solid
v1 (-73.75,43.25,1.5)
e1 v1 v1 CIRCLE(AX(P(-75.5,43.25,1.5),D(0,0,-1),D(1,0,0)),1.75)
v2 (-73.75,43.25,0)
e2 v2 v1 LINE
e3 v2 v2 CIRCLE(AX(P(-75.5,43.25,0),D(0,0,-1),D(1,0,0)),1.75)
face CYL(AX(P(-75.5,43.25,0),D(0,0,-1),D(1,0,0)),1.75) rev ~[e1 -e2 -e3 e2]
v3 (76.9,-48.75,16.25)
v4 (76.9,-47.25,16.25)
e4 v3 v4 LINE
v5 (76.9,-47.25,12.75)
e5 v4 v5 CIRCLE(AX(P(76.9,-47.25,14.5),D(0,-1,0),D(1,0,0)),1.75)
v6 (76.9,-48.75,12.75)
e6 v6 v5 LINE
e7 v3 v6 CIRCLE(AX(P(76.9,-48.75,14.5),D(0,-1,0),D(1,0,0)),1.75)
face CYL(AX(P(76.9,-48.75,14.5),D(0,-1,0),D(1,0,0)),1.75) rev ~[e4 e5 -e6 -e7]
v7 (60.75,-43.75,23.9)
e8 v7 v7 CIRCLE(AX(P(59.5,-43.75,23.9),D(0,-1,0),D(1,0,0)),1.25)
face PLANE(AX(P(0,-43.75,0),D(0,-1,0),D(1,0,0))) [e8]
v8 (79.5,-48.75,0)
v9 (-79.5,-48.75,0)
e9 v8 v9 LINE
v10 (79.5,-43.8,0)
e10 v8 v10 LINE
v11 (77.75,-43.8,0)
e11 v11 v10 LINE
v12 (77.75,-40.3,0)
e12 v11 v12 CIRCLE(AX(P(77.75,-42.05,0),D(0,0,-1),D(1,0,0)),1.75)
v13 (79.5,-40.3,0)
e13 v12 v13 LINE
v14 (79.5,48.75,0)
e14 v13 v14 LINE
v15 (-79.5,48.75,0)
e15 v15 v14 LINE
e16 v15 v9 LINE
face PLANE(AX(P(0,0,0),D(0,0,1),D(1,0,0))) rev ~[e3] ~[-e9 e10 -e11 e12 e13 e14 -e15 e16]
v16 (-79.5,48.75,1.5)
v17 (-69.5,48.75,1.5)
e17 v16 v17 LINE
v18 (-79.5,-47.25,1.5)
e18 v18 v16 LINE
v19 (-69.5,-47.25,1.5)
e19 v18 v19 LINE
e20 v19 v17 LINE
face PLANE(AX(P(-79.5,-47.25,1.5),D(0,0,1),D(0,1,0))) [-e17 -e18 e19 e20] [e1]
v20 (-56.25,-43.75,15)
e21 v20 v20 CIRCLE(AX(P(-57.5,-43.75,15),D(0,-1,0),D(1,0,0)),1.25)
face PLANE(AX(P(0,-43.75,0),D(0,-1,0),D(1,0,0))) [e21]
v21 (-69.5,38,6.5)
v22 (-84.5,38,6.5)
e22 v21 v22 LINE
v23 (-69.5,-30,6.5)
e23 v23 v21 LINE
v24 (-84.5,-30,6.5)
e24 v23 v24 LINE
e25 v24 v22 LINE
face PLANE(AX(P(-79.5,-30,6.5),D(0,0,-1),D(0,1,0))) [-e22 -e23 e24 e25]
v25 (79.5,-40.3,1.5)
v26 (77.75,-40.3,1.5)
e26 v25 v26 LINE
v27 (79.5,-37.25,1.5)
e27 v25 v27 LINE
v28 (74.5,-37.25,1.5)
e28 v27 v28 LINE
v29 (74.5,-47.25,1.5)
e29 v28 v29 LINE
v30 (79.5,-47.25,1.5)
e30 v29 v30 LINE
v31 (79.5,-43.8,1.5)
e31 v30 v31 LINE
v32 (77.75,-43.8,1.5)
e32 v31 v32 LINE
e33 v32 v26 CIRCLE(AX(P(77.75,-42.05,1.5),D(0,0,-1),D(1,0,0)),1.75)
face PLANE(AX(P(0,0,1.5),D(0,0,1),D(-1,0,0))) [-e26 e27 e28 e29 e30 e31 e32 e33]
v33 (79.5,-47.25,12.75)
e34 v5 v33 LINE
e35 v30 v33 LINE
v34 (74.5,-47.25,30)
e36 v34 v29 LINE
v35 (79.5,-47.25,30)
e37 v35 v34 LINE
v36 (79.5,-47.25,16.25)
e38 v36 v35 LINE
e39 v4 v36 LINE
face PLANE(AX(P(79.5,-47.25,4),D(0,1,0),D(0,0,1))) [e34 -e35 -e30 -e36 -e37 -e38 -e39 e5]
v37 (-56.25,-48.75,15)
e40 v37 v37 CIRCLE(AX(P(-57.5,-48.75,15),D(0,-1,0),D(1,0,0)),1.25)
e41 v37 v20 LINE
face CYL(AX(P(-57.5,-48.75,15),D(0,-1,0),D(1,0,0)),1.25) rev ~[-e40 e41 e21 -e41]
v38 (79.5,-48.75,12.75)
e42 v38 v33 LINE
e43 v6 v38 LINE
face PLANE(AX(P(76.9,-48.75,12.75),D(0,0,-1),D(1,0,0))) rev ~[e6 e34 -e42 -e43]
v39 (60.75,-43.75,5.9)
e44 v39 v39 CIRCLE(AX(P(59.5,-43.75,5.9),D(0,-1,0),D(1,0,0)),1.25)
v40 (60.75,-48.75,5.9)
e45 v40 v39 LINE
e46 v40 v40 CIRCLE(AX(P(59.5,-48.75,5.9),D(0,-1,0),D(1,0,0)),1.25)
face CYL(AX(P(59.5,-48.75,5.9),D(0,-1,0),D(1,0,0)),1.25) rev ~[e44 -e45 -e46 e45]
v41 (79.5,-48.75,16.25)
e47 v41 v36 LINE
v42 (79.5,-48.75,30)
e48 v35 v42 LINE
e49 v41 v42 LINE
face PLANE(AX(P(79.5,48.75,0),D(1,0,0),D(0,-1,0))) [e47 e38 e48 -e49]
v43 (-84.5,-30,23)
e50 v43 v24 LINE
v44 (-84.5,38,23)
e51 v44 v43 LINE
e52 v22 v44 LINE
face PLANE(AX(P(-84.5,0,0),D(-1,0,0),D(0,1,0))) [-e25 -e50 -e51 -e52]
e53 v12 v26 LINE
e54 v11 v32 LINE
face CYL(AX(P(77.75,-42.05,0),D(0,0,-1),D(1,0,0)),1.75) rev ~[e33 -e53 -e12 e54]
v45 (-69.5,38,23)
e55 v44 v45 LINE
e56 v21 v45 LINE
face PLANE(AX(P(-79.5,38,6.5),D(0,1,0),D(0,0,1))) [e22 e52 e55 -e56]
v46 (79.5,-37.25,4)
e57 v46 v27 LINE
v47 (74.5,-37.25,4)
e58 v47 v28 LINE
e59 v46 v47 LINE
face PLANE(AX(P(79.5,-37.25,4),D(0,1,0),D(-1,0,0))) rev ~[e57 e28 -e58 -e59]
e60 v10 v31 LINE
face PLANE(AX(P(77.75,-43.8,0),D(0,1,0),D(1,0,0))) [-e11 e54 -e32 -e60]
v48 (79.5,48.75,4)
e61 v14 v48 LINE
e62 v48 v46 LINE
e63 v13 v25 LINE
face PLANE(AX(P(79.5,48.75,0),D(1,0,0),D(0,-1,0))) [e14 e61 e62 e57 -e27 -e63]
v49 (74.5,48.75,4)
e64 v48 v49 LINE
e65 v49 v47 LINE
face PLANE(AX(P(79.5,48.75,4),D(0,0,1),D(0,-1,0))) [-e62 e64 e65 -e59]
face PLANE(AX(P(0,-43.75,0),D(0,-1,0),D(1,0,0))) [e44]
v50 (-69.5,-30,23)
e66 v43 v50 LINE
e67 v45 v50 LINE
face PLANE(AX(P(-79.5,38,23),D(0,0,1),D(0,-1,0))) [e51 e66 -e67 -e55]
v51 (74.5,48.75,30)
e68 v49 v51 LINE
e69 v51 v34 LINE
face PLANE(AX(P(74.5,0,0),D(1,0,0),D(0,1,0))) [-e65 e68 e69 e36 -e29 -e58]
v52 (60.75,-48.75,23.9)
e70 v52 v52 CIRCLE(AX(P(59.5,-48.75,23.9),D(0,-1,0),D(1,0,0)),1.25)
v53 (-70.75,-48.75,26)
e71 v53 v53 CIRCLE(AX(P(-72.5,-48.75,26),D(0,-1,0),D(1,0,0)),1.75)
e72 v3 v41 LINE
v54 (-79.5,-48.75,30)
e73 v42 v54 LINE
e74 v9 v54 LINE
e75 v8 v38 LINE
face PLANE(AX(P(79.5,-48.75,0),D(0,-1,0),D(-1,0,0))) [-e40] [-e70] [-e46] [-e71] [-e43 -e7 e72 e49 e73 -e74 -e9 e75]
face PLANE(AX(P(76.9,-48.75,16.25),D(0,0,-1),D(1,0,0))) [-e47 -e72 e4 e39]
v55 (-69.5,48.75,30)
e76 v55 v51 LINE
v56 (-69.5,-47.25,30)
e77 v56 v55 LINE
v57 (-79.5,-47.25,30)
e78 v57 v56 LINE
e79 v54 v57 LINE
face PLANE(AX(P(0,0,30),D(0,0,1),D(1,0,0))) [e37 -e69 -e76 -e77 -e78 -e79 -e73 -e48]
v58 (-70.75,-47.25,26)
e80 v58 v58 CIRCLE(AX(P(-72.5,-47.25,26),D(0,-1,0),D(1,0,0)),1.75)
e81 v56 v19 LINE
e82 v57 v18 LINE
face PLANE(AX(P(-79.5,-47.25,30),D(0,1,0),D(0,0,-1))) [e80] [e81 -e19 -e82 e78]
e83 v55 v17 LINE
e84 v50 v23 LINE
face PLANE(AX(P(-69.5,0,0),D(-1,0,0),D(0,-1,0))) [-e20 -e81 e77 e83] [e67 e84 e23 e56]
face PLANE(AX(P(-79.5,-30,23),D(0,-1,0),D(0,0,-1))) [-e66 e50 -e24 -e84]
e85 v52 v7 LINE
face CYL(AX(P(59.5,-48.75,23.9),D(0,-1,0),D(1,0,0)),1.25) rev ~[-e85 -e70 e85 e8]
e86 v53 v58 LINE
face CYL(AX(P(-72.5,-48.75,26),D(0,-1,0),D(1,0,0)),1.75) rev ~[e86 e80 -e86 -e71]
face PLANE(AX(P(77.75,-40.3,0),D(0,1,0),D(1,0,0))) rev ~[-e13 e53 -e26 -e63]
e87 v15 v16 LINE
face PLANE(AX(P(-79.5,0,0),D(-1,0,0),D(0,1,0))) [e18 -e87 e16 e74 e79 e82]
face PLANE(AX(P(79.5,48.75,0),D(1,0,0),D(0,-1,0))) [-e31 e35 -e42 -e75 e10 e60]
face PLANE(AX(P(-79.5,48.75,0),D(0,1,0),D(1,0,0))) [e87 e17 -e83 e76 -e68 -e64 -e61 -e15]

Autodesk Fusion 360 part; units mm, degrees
sketch "Sketch1" plane through (0, 0, 0) normal (0, 0, 1) x (1, 0, 0)
  line L0 (-79.5, 48.75) -> (79.5, 48.75)
  line L1 (79.5, 48.75) -> (79.5, -48.75)
  line L2 (79.5, -48.75) -> (-79.5, -48.75)
  line L3 (-79.5, -48.75) -> (-79.5, 48.75)
  line L4 (-79.5, 0) -> (79.5, 0)
  dimension "d1" = 159
  dimension "d2" = 97.5
extrude "Extrude1" add sketch "Sketch1" along normal blind 30
sketch "Sketch2" plane through (-79.5, 0, 0) normal (-1, 0, 0) x (0, -1, 0)
  line L0 (-48.75, 0) -> (48.75, 0)
  line L1 (48.75, 0) -> (48.75, 30)
  line L2 (48.75, 30) -> (-48.75, 30)
  line L3 (-48.75, 30) -> (-48.75, 0)
  line L4 (-38, 23) -> (30, 23)
  line L5 (30, 23) -> (30, 6.5)
  line L6 (30, 6.5) -> (-38, 6.5)
  line L7 (-38, 6.5) -> (-38, 23)
  line L8 (-48.75, 30) -> (47.25, 30)
  line L9 (47.25, 30) -> (47.25, 1.5)
  line L10 (47.25, 1.5) -> (-48.75, 1.5)
  line L11 (-48.75, 1.5) -> (-48.75, 30)
  dimension "d5" = 68
  dimension "d6" = 16.5
  dimension "d7" = 10.75
  dimension "d8" = 6.5
  dimension "d9" = 1.5
  dimension "d10" = 1.5
extrude "Extrude2" cut sketch "Sketch2" against normal blind 10 contours L2 L3 L8 L9 L10 L11
extrude "Extrude3" add 1 faces at (-79.5, 15.3333, 17.5) along direction (-1, 0, 0) blind 5
sketch "Sketch3" plane through (79.5, 0, 0) normal (1, 0, 0) x (0, 1, 0)
  line L0 (-48.75, 0) -> (48.75, 0)
  line L1 (48.75, 0) -> (48.75, 30)
  line L2 (48.75, 30) -> (-48.75, 30)
  line L3 (-48.75, 30) -> (-48.75, 0)
  line L4 (-47.25, 30) -> (48.75, 30)
  line L5 (48.75, 30) -> (48.75, 4)
  line L6 (48.75, 4) -> (-47.25, 4)
  line L7 (-47.25, 4) -> (-47.25, 30)
  dimension "d15" = 1.5
  dimension "d16" = 4
extrude "Extrude4" cut sketch "Sketch3" against normal blind 5 contours L1 L2 L4 L5 L6 L7
sketch "Sketch4" plane through (0, 0, 4) normal (0, 0, 1) x (-1, 0, 0)
  line L0 (-79.5, 47.25) -> (-79.5, -48.75)
  line L1 (-79.5, -48.75) -> (-74.5, -48.75)
  line L2 (-74.5, -48.75) -> (-74.5, 47.25)
  line L3 (-74.5, 47.25) -> (-79.5, 47.25)
  line L4 (-79.5, 37.25) -> (-74.5, 37.25)
  dimension "d19" = 10
extrude "Extrude5" cut sketch "Sketch4" against normal blind 2.5 contours L0 L2 L3 L4
sketch "Sketch5" plane through (0, -48.75, 0) normal (0, -1, 0) x (1, 0, 0)
  line L0 (-79.5, 0) -> (79.5, 0)
  line L1 (79.5, 0) -> (79.5, 30)
  line L2 (79.5, 30) -> (-79.5, 30)
  line L3 (-79.5, 30) -> (-79.5, 0)
  circle A0 centre (-72.5, 26) radius 1.75
  circle A1 centre (76.9, 14.5) radius 1.75
  circle A2 centre (59.5, 23.9) radius 1.25
  circle A3 centre (59.5, 5.9) radius 1.25
  circle A4 centre (-57.5, 15) radius 1.25
  line L4 (76.9, 16.25) -> (79.5, 16.25)
  line L5 (76.9, 12.75) -> (79.5, 12.75)
  dimension "d22" = 2.5
  dimension "d23" = 2.5
  dimension "d24" = 3.5
  dimension "d25" = 2.6
  dimension "d26" = 14.5
  dimension "d27" = 18
  dimension "d28" = 20
  dimension "d29" = 5.9
  dimension "d30" = 20
  dimension "d31" = 137
  dimension "d32" = 15
  dimension "d33" = 3.5
  dimension "d34" = 26
  dimension "d35" = 152
  dimension "d36" = 2.5
extrude "Extrude6" cut sketch "Sketch5" against normal blind 13 contours A0
extrude "Extrude7" cut sketch "Sketch5" against normal blind 5 contours A4
extrude "Extrude8" cut sketch "Sketch5" against normal blind 1.5 contours L1 A1 L4 L5 | A1
extrude "Extrude9" cut sketch "Sketch5" against normal blind 5 contours A3
extrude "Extrude10" cut sketch "Sketch5" against normal blind 5 contours A2
sketch "Sketch6" plane through (0, 0, 0) normal (0, 0, -1) x (1, 0, 0)
  line L0 (79.5, 48.75) -> (-79.5, 48.75)
  line L1 (-79.5, 48.75) -> (-79.5, -48.75)
  line L2 (-79.5, -48.75) -> (79.5, -48.75)
  line L3 (79.5, -48.75) -> (79.5, 48.75)
  circle A0 centre (-75.5, -43.25) radius 1.75
  circle A1 centre (77.75, 42.05) radius 1.75
  line L4 (77.75, 43.8) -> (79.5, 43.8)
  line L5 (77.75, 40.3) -> (79.5, 40.3)
  dimension "d47" = 3.5
  dimension "d48" = 6.7
  dimension "d49" = 1.75
  dimension "d50" = 3.5
  dimension "d51" = 85.3
  dimension "d52" = 155
extrude "Extrude11" cut sketch "Sketch6" against normal blind 7 contours L3 A1 L4 | A1 | L3 A1 L5
extrude "Extrude12" cut sketch "Sketch6" against normal blind 1.5 contours A0
